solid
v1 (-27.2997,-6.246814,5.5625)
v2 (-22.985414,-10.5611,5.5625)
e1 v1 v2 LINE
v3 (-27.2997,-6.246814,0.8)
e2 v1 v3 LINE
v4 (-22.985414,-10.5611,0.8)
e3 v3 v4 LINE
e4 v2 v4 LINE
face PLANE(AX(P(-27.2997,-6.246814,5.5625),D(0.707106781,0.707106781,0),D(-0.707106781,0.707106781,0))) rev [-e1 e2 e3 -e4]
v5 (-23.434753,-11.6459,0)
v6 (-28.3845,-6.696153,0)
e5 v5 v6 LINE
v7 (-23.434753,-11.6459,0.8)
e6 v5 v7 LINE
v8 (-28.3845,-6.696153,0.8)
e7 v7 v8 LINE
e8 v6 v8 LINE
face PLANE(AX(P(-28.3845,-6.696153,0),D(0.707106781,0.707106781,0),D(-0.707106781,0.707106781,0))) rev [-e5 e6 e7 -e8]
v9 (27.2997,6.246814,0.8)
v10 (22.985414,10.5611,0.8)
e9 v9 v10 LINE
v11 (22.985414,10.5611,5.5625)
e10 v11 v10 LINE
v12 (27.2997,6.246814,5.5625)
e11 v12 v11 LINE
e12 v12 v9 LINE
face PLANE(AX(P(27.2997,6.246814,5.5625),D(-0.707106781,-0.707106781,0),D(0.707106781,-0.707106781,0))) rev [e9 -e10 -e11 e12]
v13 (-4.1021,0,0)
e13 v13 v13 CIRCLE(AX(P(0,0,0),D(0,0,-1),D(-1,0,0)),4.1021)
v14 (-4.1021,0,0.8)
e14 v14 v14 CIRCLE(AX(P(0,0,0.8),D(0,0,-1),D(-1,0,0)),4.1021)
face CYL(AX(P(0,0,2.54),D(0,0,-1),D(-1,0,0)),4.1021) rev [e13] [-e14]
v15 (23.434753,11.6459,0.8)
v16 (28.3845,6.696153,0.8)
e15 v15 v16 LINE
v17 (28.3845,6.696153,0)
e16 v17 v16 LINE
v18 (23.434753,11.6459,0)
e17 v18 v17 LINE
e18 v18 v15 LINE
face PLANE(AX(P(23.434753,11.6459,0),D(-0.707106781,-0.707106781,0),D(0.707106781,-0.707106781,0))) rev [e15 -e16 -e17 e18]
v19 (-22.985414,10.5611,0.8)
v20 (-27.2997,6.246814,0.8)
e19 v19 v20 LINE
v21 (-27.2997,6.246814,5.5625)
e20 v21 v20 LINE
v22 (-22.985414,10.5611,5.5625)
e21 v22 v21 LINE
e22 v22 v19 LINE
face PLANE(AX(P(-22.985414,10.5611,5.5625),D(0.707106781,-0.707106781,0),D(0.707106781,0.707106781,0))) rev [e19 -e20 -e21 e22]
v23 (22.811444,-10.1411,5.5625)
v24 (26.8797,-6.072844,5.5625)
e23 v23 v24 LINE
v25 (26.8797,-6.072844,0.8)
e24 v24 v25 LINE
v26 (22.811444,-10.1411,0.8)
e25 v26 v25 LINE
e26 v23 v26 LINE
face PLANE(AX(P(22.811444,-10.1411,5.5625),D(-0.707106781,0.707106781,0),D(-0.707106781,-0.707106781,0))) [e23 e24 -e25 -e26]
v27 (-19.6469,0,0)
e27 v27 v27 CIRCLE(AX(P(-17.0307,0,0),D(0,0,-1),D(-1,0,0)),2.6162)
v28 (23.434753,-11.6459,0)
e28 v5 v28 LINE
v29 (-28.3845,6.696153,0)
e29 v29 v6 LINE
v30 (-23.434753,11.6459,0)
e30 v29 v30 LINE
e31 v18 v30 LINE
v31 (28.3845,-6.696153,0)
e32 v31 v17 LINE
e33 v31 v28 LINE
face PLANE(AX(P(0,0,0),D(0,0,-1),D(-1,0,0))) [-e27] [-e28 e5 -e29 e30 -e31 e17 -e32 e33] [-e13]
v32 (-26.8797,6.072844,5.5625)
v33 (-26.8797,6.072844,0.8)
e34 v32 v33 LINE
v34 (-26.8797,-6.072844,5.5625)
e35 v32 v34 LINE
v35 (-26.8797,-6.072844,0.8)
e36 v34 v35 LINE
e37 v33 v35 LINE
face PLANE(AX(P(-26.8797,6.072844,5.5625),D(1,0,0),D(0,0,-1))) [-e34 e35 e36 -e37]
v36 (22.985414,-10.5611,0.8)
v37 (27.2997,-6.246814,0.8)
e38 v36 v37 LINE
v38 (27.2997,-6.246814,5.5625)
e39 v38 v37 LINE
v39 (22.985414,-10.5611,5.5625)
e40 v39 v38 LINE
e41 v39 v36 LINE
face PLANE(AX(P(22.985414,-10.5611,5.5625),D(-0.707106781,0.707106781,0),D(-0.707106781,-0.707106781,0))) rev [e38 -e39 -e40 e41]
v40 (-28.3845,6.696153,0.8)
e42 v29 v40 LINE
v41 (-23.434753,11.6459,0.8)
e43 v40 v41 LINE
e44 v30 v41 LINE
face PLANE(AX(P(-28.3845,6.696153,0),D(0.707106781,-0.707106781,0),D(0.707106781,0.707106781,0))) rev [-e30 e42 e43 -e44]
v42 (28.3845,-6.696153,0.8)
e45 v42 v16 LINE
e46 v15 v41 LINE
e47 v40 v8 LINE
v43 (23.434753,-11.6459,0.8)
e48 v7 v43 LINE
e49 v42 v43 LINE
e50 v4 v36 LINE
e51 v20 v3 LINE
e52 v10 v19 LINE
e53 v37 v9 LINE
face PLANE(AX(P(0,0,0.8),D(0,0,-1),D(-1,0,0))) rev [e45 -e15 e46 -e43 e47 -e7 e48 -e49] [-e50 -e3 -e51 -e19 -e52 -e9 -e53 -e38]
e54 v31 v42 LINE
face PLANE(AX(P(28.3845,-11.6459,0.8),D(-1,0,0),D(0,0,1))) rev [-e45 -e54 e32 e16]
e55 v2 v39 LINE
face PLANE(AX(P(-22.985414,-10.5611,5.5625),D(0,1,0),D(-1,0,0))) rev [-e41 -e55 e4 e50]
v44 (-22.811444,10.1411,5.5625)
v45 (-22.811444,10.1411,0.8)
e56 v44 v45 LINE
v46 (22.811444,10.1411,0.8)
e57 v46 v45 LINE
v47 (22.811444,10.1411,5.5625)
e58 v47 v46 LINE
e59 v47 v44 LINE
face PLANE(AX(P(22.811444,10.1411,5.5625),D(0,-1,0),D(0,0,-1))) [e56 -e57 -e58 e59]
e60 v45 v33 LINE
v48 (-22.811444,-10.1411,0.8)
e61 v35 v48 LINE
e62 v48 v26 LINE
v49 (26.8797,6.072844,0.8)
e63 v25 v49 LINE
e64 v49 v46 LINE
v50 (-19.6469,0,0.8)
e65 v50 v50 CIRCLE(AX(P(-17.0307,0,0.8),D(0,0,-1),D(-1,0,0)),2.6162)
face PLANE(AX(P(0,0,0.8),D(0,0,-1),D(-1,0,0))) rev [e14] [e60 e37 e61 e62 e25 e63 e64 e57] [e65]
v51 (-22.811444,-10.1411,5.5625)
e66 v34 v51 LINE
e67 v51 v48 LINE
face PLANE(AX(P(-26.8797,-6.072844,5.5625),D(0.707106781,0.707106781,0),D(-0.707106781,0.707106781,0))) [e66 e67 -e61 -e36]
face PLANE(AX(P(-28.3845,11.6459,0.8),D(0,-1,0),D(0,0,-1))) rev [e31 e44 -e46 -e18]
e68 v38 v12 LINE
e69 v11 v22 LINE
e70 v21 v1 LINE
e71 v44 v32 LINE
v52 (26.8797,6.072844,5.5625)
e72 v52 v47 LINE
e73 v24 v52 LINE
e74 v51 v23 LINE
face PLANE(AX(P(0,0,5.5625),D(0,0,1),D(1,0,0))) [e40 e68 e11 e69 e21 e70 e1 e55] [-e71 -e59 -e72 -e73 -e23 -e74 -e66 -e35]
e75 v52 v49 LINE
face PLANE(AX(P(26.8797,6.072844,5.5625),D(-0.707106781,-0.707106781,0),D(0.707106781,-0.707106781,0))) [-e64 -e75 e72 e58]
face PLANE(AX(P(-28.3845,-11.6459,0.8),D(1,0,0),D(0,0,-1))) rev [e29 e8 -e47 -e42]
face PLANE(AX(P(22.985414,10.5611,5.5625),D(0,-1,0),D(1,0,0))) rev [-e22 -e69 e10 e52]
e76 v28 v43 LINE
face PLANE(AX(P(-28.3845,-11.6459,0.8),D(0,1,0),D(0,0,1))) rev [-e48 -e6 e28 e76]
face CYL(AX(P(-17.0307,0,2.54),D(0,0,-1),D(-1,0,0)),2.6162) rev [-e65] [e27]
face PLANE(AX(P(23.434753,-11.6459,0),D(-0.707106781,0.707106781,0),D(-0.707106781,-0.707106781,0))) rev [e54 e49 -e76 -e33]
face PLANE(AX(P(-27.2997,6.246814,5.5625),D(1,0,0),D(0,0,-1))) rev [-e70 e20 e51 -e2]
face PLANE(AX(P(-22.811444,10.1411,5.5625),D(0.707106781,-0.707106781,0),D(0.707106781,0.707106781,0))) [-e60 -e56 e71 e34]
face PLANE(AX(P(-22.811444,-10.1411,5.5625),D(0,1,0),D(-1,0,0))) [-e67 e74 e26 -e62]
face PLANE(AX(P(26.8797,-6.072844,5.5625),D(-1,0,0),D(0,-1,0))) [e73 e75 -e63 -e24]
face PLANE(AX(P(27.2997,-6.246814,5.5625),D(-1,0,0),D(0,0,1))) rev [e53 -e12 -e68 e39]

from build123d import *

# Parameters (mm, degrees)
SKETCH1_W           = 56.769
SKETCH1_H           = 23.2918
BOSS_EXTRUDE1_DEPTH = 0.8
CUT_EXTRUDE1_DEPTH  = 1.8
BOSS_EXTRUDE2_DEPTH = 4.7625
SKETCH4_R           = 2.6162
CUT_EXTRUDE2_DEPTH  = 2.54
SKETCH5_R           = 4.1021
CUT_EXTRUDE3_DEPTH  = 2.54


with BuildPart() as part:
    # Sketch1 → Boss-Extrude1 (new body)
    with BuildSketch(Plane.XY):
        Rectangle(SKETCH1_W, SKETCH1_H)
    extrude(amount=BOSS_EXTRUDE1_DEPTH)

    # Sketch2 → Cut-Extrude1 (cut, through all)
    with BuildSketch(Plane.XY.offset(0.8)):
        Polygon((-28.3845, -6.696152532), (-23.434752532, -11.6459), (-28.3845, -11.6459), align=None)
        Polygon((-28.3845, 6.696152532), (-23.434752532, 11.6459), (-28.3845, 11.6459), align=None)
        Polygon((23.434752532, -11.6459), (28.3845, -6.696152532), (28.3845, -11.6459), align=None)
        Polygon((23.434752532, 11.6459), (28.3845, 6.696152532), (28.3845, 11.6459), align=None)
    extrude(amount=-CUT_EXTRUDE1_DEPTH, mode=Mode.SUBTRACT)

    # Sketch3 → Boss-Extrude2 (add)
    with BuildSketch(Plane.XY.offset(0.8)):
        Polygon((22.985413706, 10.561100114), (-22.985413706, 10.561100114), (-27.299700114, 6.246813706), (-27.299700114, -6.246813706), (-22.985413706, -10.561100114), (22.985413706, -10.561100114), (27.299700114, -6.246813706), (27.299700114, 6.246813706), align=None)
        Polygon((-22.81144401, 10.141100114), (-26.879700114, 6.07284401), (-26.879700114, -6.07284401), (-22.81144401, -10.141100114), (22.81144401, -10.141100114), (26.879700114, -6.07284401), (26.879700114, 6.07284401), (22.81144401, 10.141100114), align=None, mode=Mode.SUBTRACT)
    extrude(amount=BOSS_EXTRUDE2_DEPTH)

    # Sketch4 → Cut-Extrude2 (cut)
    with BuildSketch(Plane(origin=(0, 0, 0), x_dir=(-1, 0, 0), z_dir=(0, 0, -1))):
        with Locations((17.0307, 0)):
            Circle(SKETCH4_R)
    extrude(amount=-CUT_EXTRUDE2_DEPTH, mode=Mode.SUBTRACT)

    # Sketch5 → Cut-Extrude3 (cut)
    with BuildSketch(Plane(origin=(0, 0, 0), x_dir=(-1, 0, 0), z_dir=(0, 0, -1))):
        Circle(SKETCH5_R)
    extrude(amount=-CUT_EXTRUDE3_DEPTH, mode=Mode.SUBTRACT)


solid = part.part
